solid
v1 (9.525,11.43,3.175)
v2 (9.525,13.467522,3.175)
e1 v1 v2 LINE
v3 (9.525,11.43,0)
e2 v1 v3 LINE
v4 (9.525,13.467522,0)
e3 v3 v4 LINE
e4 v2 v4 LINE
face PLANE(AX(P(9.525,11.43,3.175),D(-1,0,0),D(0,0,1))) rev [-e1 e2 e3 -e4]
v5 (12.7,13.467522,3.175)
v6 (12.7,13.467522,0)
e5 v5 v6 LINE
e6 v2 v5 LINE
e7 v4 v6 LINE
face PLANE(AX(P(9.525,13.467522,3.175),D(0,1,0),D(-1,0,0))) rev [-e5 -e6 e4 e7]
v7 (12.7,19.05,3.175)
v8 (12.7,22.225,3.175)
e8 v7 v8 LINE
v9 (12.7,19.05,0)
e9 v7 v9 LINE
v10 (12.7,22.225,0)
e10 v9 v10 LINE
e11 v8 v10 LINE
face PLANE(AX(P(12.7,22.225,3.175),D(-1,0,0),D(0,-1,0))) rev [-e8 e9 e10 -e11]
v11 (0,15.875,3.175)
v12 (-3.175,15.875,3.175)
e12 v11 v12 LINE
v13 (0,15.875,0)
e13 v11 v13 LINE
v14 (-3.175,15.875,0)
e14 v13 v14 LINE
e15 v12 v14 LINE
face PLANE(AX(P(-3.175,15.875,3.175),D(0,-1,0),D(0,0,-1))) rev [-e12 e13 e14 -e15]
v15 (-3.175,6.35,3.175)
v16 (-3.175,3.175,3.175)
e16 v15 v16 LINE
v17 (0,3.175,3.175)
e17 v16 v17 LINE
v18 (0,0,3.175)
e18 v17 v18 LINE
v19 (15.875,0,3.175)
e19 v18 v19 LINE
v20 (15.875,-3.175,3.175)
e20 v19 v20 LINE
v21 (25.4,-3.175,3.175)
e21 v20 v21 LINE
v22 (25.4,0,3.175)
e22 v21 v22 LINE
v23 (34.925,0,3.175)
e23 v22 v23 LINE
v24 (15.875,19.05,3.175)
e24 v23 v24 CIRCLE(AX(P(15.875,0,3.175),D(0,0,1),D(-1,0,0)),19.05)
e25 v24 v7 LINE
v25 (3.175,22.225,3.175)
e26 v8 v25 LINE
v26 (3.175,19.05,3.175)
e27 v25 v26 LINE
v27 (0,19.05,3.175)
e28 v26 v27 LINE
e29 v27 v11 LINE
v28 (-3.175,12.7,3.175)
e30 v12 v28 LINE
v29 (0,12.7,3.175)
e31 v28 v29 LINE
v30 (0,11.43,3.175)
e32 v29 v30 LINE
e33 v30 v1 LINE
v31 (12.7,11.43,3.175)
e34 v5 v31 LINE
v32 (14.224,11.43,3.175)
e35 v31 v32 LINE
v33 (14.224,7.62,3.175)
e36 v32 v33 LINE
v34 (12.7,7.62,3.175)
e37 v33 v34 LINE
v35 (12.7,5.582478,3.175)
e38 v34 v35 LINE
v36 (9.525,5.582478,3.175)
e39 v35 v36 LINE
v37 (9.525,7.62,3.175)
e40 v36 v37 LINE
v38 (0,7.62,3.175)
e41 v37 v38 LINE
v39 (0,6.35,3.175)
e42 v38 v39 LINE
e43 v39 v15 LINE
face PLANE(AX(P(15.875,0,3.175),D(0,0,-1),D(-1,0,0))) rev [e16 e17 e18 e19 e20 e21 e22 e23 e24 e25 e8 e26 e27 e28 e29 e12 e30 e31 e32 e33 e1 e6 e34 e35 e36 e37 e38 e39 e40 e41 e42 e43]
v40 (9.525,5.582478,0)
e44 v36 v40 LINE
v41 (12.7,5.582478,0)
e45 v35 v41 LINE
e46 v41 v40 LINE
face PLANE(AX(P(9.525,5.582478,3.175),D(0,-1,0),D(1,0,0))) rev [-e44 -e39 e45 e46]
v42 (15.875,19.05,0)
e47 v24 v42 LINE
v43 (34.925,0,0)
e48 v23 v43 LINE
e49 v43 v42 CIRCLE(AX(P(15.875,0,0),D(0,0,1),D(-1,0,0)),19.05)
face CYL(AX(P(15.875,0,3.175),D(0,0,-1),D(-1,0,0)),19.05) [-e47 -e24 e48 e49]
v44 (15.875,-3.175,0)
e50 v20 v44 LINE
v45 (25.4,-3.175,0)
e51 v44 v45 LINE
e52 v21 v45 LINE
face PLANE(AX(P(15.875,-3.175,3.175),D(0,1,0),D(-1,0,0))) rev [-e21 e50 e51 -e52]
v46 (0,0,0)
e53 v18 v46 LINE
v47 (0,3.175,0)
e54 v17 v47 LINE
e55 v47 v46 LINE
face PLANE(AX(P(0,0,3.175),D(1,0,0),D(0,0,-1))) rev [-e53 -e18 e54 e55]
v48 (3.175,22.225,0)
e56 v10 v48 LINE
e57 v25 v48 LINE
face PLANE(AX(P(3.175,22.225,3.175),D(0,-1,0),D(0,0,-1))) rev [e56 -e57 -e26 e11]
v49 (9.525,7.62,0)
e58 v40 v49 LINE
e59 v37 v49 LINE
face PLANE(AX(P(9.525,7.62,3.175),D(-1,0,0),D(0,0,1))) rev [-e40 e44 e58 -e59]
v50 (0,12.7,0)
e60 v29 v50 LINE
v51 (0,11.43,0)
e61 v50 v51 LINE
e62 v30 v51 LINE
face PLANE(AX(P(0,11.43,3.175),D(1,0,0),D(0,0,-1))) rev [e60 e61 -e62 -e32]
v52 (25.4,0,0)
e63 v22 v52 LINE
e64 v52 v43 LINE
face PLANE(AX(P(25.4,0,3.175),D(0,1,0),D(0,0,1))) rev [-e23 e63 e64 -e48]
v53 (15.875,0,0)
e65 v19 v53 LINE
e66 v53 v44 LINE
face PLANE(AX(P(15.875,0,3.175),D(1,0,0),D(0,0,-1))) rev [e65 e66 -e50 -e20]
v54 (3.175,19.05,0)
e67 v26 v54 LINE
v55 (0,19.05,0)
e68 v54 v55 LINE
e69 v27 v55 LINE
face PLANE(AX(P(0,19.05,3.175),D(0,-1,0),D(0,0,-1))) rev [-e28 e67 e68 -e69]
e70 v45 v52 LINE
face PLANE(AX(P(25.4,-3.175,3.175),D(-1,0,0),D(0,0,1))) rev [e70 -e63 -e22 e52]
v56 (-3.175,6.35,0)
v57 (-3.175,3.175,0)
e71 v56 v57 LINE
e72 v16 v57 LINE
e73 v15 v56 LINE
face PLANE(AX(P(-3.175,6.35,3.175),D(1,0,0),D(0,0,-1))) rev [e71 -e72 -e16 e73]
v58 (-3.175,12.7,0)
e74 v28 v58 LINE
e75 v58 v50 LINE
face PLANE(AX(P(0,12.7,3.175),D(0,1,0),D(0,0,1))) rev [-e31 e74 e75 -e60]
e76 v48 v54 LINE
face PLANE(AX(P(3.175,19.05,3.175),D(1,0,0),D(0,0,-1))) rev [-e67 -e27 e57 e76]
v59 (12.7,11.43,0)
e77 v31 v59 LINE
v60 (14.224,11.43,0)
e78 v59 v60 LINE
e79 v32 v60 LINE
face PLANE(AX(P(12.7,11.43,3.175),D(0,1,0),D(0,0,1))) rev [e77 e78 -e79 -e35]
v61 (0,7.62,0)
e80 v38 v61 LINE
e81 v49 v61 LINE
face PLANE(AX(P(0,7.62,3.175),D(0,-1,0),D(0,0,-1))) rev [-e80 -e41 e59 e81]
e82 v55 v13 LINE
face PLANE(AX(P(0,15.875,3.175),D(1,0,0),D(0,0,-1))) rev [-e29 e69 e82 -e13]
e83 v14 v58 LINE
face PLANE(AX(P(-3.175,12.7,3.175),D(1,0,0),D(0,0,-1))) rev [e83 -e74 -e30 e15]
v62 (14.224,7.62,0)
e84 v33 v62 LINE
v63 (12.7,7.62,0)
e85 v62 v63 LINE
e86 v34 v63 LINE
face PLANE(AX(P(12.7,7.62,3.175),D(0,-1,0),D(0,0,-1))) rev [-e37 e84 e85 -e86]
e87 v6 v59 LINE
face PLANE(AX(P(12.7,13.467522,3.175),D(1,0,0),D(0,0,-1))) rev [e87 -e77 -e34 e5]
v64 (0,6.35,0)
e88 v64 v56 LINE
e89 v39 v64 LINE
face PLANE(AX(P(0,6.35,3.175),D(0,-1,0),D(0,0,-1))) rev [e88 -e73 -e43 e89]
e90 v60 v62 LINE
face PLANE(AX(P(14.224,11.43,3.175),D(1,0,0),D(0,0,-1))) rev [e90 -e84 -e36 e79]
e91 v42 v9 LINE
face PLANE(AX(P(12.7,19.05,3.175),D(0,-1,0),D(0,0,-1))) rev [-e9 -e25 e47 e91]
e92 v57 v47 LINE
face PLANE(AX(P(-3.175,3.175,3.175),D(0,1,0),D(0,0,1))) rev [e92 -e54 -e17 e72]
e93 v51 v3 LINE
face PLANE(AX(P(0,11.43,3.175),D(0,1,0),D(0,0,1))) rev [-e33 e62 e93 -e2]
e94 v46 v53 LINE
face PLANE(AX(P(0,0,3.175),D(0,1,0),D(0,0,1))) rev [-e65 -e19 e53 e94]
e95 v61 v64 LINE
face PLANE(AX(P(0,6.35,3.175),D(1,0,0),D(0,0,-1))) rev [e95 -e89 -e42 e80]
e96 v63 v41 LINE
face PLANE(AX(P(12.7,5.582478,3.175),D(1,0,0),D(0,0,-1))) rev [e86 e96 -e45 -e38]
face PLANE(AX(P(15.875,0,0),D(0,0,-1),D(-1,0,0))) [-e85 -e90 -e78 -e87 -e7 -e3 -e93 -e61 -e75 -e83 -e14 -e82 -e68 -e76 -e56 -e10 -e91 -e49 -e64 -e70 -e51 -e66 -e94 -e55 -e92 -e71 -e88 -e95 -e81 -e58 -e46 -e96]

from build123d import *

# Parameters (mm, degrees)
BOSS_EXTRUDE1_DEPTH = 3.175


with BuildPart() as part:
    # Sketch1 → Boss-Extrude1 (new body)
    with BuildSketch(Plane.XY):
        with BuildLine():
            Line((0, 0), (0, 3.175))
            Line((0, 3.175), (-3.175, 3.175))
            Line((-3.175, 3.175), (-3.175, 6.35))
            Line((-3.175, 6.35), (0, 6.35))
            Line((0, 6.35), (0, 7.62))
            Line((0, 7.62), (9.525, 7.62))
            Line((9.525, 7.62), (9.525, 5.582477749))
            Line((9.525, 5.582477749), (12.7, 5.582477749))
            Line((12.7, 5.582477749), (12.7, 7.62))
            Line((12.7, 7.62), (14.224, 7.62))
            Line((14.224, 7.62), (14.224, 11.43))
            Line((14.224, 11.43), (12.7, 11.43))
            Line((12.7, 11.43), (12.7, 13.467522251))
            Line((12.7, 13.467522251), (9.525, 13.467522251))
            Line((9.525, 13.467522251), (9.525, 11.43))
            Line((9.525, 11.43), (0, 11.43))
            Line((0, 11.43), (0, 12.7))
            Line((0, 12.7), (-3.175, 12.7))
            Line((-3.175, 12.7), (-3.175, 15.875))
            Line((-3.175, 15.875), (0, 15.875))
            Line((0, 15.875), (0, 19.05))
            Line((0, 19.05), (3.175, 19.05))
            Line((3.175, 19.05), (3.175, 22.225))
            Line((3.175, 22.225), (12.7, 22.225))
            Line((12.7, 22.225), (12.7, 19.05))
            Line((12.7, 19.05), (15.875, 19.05))
            ThreePointArc((15.875, 19.05), (29.345384182, 13.470384182), (34.925, 0))
            Line((34.925, 0), (25.4, 0))
            Line((25.4, 0), (25.4, -3.175))
            Line((25.4, -3.175), (15.875, -3.175))
            Line((15.875, -3.175), (15.875, 0))
            Line((15.875, 0), (0, 0))
        make_face()
    extrude(amount=BOSS_EXTRUDE1_DEPTH)


solid = part.part
